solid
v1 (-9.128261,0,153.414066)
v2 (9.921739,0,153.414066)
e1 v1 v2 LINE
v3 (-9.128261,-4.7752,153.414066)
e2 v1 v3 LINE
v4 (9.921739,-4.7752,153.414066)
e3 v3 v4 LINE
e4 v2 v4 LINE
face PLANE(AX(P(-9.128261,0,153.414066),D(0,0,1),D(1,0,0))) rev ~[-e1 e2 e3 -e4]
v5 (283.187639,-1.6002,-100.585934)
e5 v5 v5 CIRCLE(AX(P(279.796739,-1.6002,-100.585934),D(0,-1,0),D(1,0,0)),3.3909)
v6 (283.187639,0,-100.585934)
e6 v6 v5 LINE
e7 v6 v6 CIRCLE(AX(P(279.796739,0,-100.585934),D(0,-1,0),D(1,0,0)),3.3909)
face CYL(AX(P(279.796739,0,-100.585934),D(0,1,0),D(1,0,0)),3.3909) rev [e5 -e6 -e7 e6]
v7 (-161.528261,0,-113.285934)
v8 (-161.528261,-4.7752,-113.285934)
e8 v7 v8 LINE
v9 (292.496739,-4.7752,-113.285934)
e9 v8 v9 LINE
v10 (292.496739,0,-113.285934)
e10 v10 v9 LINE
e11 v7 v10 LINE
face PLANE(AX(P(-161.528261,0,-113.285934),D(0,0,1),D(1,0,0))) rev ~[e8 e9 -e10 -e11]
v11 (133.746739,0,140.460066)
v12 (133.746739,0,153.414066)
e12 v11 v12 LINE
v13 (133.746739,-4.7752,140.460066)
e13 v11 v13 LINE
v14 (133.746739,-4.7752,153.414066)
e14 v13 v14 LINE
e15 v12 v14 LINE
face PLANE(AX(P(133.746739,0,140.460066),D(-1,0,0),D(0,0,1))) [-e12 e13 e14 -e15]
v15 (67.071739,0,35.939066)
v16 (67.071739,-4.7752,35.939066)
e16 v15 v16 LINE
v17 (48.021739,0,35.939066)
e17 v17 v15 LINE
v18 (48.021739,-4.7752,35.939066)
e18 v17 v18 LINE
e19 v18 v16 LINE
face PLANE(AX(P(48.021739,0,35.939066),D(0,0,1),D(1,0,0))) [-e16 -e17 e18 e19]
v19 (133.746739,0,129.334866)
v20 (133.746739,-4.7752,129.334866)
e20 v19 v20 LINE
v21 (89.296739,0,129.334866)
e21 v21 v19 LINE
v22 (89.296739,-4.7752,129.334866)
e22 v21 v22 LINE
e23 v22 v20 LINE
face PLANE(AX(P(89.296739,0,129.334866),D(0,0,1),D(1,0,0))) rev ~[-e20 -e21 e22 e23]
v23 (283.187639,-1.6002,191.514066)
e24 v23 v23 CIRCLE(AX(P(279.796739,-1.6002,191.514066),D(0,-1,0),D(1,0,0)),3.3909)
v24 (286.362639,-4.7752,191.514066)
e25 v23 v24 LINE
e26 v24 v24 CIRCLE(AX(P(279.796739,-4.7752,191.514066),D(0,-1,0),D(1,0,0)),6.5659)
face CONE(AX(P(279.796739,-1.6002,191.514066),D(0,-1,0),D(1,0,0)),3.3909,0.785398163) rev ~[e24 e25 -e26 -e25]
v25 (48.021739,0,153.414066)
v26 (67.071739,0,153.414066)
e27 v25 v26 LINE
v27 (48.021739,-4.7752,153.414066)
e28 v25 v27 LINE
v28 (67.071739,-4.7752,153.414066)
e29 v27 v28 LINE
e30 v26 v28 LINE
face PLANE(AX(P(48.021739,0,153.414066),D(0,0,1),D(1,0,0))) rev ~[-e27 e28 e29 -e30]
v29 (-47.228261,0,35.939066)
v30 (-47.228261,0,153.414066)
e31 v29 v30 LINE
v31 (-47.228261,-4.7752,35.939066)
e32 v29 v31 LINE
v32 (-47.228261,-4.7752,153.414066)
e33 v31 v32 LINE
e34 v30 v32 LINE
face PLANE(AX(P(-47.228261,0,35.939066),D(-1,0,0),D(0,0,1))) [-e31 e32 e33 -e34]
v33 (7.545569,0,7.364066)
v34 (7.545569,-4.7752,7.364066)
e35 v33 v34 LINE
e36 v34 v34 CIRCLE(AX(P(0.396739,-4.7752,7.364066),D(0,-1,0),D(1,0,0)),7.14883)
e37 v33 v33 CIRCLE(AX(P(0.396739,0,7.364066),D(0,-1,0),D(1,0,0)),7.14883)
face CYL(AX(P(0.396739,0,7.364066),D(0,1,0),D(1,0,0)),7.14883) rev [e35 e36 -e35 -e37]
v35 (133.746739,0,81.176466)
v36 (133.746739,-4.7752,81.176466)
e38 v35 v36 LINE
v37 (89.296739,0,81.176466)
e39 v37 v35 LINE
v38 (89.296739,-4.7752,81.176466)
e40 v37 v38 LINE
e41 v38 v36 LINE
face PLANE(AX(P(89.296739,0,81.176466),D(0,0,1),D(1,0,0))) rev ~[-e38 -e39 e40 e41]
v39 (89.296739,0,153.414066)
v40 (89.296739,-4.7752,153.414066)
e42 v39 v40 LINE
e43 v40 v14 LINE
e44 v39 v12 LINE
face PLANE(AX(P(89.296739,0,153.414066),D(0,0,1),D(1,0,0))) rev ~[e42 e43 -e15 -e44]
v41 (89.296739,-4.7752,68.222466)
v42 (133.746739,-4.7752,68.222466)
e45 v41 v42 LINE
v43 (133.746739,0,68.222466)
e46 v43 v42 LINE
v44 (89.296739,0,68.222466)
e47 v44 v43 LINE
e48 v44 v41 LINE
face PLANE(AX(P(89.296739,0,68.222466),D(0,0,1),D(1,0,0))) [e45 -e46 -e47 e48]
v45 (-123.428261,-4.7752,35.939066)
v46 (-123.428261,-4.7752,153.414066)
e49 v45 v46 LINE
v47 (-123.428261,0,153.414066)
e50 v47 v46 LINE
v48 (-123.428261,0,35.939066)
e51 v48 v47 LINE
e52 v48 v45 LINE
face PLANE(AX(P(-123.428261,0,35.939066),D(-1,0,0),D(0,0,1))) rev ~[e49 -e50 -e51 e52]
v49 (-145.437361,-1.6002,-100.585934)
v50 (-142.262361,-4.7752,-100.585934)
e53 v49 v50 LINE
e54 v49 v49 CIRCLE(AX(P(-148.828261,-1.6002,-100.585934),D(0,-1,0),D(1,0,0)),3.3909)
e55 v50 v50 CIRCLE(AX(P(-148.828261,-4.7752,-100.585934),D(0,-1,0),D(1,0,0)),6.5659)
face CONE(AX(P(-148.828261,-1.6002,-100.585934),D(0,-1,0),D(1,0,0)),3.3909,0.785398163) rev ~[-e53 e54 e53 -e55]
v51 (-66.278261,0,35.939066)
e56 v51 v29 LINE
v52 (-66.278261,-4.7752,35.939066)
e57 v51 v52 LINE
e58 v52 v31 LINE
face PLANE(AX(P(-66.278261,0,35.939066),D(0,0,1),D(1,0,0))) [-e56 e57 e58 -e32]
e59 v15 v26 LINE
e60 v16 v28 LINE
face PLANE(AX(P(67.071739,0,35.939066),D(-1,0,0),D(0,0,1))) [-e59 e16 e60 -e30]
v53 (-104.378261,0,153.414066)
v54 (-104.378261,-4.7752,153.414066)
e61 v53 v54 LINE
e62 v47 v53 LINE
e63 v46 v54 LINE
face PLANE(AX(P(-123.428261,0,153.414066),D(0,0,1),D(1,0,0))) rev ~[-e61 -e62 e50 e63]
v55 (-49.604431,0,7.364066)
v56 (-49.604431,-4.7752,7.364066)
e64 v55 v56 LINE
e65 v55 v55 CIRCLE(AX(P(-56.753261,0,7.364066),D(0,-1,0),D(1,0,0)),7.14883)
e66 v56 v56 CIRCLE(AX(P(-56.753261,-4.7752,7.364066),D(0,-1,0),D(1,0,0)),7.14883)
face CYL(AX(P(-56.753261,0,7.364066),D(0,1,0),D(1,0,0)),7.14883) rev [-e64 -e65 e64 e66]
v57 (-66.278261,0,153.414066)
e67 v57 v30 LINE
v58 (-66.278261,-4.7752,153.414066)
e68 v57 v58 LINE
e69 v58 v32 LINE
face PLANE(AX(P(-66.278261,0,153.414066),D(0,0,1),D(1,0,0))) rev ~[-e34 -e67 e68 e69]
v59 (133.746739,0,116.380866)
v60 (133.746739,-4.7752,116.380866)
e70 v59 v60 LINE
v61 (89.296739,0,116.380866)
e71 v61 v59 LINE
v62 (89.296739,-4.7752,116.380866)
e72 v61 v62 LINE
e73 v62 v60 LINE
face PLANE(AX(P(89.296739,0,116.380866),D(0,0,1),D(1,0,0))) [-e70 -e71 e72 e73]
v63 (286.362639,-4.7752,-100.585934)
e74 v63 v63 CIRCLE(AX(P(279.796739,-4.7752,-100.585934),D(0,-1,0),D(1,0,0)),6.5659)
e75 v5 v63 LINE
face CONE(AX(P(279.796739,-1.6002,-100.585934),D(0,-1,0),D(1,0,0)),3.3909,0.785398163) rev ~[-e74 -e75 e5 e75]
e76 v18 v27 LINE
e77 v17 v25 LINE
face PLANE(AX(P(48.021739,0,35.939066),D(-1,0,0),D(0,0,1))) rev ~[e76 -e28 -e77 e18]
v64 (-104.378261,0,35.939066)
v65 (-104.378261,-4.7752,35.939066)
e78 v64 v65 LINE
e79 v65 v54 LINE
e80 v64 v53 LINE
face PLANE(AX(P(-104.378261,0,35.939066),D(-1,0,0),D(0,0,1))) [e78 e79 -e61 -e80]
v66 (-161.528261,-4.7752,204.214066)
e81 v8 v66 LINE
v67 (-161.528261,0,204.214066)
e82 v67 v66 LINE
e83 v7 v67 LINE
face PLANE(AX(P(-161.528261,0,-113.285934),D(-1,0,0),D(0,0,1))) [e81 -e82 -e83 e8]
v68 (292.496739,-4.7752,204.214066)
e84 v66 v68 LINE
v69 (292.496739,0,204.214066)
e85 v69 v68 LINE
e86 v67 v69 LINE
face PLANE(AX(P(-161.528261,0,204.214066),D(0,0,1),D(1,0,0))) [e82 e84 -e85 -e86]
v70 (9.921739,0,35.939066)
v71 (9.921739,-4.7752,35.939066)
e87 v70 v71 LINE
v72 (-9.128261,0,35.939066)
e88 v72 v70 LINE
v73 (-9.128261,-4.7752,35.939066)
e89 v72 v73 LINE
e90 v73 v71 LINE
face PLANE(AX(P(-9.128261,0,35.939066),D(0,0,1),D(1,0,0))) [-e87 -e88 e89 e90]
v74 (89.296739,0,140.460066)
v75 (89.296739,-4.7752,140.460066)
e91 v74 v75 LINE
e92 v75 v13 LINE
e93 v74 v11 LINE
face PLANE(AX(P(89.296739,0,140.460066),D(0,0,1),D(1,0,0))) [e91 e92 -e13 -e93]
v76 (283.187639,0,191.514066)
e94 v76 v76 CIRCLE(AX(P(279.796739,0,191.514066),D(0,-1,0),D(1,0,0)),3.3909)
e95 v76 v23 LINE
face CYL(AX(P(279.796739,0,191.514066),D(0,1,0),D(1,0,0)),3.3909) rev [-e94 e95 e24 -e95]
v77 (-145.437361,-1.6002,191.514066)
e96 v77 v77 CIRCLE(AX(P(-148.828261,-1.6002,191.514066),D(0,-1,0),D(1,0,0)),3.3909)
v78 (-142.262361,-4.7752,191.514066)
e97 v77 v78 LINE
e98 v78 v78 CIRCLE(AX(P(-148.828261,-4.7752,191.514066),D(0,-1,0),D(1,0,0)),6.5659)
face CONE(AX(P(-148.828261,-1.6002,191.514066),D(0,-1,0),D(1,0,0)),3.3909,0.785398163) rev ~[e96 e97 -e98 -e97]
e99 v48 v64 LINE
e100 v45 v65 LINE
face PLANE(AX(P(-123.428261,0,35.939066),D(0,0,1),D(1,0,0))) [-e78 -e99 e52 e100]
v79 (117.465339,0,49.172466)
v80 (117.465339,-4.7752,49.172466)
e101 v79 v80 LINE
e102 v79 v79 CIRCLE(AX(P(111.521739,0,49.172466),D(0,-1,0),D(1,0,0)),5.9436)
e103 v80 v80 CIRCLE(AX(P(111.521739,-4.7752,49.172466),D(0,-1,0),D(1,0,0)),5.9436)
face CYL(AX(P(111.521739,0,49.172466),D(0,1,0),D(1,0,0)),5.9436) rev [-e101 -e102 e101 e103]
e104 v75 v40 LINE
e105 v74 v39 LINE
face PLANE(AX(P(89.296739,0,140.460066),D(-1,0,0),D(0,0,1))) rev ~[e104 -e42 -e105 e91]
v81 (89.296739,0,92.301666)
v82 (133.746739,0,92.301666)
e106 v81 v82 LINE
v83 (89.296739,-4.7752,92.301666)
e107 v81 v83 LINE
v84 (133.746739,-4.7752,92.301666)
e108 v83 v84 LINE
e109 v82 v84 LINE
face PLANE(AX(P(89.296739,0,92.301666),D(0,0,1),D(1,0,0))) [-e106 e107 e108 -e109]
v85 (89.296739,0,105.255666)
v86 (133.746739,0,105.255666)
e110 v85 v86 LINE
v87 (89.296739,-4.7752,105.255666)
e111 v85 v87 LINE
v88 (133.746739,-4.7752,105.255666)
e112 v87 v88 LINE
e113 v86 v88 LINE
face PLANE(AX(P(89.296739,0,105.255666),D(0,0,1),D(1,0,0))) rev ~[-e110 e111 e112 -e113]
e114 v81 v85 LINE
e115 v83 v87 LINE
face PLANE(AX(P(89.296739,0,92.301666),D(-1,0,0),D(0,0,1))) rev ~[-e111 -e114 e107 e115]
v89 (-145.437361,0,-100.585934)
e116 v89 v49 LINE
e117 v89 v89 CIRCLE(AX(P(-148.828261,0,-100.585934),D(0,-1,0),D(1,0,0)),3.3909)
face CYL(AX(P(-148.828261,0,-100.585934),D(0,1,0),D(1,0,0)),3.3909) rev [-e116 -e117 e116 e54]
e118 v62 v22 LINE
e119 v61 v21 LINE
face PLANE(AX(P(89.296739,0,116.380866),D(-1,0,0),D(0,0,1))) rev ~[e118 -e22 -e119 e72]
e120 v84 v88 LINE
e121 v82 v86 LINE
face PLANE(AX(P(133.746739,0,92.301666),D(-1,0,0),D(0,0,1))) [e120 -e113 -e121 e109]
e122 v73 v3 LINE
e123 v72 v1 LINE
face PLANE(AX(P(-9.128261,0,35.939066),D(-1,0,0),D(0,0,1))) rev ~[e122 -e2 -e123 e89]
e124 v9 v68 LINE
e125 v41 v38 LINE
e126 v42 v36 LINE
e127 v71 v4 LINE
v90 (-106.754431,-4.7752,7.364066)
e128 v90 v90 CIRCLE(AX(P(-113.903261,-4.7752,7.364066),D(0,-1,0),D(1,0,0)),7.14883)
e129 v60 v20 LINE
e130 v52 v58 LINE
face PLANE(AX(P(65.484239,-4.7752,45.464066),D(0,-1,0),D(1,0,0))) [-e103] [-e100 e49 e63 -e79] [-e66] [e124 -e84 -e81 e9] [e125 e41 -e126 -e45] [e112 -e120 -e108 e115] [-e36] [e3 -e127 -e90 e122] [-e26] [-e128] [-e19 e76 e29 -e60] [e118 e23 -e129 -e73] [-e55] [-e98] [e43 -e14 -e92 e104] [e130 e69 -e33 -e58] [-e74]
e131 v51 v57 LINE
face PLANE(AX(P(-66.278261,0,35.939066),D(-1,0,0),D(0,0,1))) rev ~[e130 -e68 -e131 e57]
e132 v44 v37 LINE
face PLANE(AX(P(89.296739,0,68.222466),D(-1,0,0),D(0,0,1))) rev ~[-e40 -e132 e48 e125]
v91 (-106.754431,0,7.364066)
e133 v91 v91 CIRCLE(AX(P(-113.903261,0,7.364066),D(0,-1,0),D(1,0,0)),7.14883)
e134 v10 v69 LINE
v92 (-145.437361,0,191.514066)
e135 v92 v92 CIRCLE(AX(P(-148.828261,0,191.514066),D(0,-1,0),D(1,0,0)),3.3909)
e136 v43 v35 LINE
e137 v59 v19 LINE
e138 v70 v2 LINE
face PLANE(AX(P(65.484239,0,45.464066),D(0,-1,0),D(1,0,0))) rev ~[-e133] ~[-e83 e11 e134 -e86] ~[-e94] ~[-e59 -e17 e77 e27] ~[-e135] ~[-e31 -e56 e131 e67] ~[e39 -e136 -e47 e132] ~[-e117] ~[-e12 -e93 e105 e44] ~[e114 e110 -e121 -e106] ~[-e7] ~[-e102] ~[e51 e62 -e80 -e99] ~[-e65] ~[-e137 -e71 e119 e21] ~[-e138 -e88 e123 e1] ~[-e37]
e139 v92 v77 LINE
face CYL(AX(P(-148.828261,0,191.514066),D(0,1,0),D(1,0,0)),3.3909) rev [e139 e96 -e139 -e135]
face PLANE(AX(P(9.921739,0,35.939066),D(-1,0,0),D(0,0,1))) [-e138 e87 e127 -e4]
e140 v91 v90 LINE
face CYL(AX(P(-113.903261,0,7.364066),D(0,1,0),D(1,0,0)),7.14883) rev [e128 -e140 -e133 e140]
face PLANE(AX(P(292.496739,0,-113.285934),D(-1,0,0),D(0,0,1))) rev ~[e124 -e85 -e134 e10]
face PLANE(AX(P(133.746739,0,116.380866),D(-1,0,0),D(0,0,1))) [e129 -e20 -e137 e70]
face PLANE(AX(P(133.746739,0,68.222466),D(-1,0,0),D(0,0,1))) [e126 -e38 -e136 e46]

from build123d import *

# Parameters (mm, degrees)
F0_W     = 454.025
F0_H     = 317.5
F0_R     = 3.3909
F0_R_2   = 7.14883
F0_W_2   = 19.05
F0_H_2   = 117.475
F0_R_3   = 5.9436
F0_W_3   = 44.45
F0_H_3   = 12.954
F1_DEPTH = 4.7752
F2_SIZE  = 3.175


with BuildPart() as f1:
    # F0 (on Front) → F1 (new body)
    with BuildSketch(Plane.XZ):
        with Locations((65.484239, 45.464066)):
            Rectangle(F0_W, F0_H)
        with Locations((-148.828261, -100.585934)):
            Circle(F0_R, mode=Mode.SUBTRACT)
        with Locations((-113.903261, 7.364066)):
            Circle(F0_R_2, mode=Mode.SUBTRACT)
        with Locations((-56.753261, 7.364066)):
            Circle(F0_R_2, mode=Mode.SUBTRACT)
        with Locations((0.396739, 7.364066)):
            Circle(F0_R_2, mode=Mode.SUBTRACT)
        with Locations((279.796739, -100.585934)):
            Circle(F0_R, mode=Mode.SUBTRACT)
        with Locations((-113.903261, 94.676566)):
            Rectangle(F0_W_2, F0_H_2, mode=Mode.SUBTRACT)
        with Locations((-56.753261, 94.676566)):
            Rectangle(F0_W_2, F0_H_2, mode=Mode.SUBTRACT)
        with Locations((0.396739, 94.676566)):
            Rectangle(F0_W_2, F0_H_2, mode=Mode.SUBTRACT)
        with Locations((57.546739, 94.676566)):
            Rectangle(F0_W_2, F0_H_2, mode=Mode.SUBTRACT)
        with Locations((-148.828261, 191.514066)):
            Circle(F0_R, mode=Mode.SUBTRACT)
        with Locations((111.521739, 49.172466)):
            Circle(F0_R_3, mode=Mode.SUBTRACT)
        with Locations((111.521739, 74.699466)):
            Rectangle(F0_W_3, F0_H_3, mode=Mode.SUBTRACT)
        with Locations((111.521739, 98.778666)):
            Rectangle(F0_W_3, F0_H_3, mode=Mode.SUBTRACT)
        with Locations((111.521739, 122.857866)):
            Rectangle(F0_W_3, F0_H_3, mode=Mode.SUBTRACT)
        with Locations((111.521739, 146.937066)):
            Rectangle(F0_W_3, F0_H_3, mode=Mode.SUBTRACT)
        with Locations((279.796739, 191.514066)):
            Circle(F0_R, mode=Mode.SUBTRACT)
    extrude(amount=F1_DEPTH)

    # F2
    f2_edges = [f1.edges().sort_by_distance(p)[0] for p in [
        (-152.219161, -4.7752, -100.585934),
        (276.405839, -4.7752, -100.585934),
        (276.405839, -4.7752, 191.514066),
        (-152.219161, -4.7752, 191.514066),
    ]]
    chamfer(f2_edges, length=F2_SIZE)


solid = f1.part
